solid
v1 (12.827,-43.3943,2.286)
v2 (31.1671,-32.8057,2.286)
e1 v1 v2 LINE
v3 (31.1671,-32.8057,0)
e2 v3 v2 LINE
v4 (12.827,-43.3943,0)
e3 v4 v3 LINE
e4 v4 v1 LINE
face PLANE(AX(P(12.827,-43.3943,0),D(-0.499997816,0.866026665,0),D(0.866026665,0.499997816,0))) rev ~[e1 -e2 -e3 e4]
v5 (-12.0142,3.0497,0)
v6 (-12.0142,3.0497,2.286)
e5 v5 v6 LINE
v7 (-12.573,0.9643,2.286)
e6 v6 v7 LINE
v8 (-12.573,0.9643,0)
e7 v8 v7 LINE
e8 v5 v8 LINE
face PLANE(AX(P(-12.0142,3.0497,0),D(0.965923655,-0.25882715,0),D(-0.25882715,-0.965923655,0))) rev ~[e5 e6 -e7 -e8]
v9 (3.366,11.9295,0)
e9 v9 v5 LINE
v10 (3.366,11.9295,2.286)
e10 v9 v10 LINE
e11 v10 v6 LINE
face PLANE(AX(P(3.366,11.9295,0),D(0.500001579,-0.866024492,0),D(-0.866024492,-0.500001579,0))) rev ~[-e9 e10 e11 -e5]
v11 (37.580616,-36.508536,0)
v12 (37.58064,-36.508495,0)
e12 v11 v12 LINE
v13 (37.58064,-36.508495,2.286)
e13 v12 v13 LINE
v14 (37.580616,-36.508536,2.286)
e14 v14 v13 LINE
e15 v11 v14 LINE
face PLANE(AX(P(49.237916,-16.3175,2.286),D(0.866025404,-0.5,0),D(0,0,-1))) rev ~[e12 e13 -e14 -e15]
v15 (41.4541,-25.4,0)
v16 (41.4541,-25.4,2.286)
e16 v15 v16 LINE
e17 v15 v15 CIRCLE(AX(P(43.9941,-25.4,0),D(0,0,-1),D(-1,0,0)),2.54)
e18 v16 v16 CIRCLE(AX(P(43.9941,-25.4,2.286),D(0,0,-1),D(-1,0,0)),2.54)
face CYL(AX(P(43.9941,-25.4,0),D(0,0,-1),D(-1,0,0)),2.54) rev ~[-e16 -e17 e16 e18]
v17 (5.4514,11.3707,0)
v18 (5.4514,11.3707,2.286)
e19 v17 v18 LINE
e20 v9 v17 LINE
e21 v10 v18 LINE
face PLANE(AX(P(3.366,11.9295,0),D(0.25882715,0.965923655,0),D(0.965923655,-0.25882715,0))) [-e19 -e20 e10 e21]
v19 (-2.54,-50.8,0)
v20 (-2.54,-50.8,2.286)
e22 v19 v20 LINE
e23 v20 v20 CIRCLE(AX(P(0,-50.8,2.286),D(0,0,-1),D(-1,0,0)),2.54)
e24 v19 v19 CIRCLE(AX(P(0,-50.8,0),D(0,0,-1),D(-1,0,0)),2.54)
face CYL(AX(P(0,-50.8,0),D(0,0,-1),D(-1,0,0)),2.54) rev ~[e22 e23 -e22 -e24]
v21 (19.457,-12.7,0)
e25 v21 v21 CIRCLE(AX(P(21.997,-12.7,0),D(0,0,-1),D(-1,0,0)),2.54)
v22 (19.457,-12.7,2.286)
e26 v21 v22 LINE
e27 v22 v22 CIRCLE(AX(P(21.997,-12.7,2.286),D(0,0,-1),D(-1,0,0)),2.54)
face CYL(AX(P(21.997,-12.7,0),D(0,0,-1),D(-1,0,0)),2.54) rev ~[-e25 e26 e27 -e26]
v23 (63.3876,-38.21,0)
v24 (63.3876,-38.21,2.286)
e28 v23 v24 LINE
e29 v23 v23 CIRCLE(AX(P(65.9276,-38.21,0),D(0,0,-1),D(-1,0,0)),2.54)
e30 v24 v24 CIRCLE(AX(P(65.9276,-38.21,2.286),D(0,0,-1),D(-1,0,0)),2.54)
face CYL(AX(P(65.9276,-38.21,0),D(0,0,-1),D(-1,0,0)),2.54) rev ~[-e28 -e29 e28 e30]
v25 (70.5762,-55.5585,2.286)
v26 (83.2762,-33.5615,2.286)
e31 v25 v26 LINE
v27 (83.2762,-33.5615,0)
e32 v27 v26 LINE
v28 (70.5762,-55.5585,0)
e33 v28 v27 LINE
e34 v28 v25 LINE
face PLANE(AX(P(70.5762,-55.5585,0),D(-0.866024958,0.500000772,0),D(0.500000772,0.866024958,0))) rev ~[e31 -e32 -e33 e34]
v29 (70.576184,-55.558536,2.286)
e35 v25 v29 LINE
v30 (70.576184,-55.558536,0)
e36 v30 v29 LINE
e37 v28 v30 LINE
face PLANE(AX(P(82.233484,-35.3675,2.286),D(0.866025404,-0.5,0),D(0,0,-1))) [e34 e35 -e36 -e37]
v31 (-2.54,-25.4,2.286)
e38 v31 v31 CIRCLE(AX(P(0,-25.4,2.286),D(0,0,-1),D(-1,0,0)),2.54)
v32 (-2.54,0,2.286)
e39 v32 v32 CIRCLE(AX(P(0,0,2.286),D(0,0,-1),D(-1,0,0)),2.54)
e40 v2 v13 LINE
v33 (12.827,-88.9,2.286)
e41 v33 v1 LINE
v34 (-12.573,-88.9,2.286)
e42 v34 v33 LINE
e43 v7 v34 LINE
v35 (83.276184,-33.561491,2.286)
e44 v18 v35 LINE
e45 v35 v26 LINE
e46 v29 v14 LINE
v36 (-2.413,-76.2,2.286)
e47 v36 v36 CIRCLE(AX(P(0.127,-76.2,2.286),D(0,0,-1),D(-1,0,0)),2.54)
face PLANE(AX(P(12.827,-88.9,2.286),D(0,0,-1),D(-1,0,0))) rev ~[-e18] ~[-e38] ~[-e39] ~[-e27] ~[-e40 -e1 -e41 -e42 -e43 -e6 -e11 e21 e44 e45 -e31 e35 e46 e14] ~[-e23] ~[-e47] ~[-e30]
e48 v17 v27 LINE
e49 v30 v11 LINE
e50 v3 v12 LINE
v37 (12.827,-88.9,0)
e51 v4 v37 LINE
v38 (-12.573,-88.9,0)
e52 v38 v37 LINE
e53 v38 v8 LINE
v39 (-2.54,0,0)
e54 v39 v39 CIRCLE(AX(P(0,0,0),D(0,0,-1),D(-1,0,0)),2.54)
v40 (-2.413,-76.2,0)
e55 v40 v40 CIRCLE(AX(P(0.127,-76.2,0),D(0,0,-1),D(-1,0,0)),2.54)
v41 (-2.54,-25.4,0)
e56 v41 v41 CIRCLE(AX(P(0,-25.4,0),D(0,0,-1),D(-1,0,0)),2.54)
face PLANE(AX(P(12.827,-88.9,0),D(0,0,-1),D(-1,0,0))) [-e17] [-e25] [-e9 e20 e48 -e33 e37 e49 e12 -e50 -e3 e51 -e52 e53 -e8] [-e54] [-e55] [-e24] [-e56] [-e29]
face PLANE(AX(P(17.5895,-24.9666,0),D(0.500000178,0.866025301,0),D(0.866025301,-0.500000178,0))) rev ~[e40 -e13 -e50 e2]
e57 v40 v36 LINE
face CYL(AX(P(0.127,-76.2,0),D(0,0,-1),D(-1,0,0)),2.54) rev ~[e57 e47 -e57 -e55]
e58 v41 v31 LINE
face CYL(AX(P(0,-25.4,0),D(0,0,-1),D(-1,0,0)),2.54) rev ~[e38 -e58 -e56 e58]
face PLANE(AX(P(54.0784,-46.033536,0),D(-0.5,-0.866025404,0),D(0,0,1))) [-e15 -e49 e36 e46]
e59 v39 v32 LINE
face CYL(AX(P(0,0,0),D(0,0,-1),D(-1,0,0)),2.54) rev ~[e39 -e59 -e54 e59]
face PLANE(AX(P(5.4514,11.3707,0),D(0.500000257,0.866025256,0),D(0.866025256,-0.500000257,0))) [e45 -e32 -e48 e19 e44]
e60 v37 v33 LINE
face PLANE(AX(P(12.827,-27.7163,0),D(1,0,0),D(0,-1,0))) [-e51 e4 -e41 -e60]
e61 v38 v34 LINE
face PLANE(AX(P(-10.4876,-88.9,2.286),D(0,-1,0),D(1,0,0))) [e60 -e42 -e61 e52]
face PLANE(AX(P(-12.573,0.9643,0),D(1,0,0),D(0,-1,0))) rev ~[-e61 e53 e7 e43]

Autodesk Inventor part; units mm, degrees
ref_plane "YZ Plane" through (0, 0, 0) normal (1, 0, 0) x (0, 1, 0)
ref_plane "XZ Plane" through (0, 0, 0) normal (0, 1, 0) x (-1, 0, 0)
ref_plane "XY Plane" through (0, 0, 0) normal (0, 0, 1) x (1, 0, 0)
sketch "Sketch3" plane through (-10.4876, -69.85, 2.286) normal (0, -1, 0) x (1, 0, 0)
  line L0 (0, 0) -> (22.7558, 0) projected
  line L1 (0, -2.286) -> (0, 0) projected
  line L2 (0, -2.286) -> (22.7558, -2.286) projected
  line L3 (22.7558, -2.286) -> (22.7558, 0) projected
  line L4 (22.7558, 0) -> (23.3146, 0) projected
  line L5 (22.7558, -2.286) -> (22.7558, 0) projected
  line L6 (22.7558, -2.286) -> (23.3146, -2.286) projected
  line L7 (23.3146, -2.286) -> (23.3146, 0) projected
  line L8 (0, 0) -> (-2.0854, 0) projected
  line L9 (-2.0854, -2.286) -> (-2.0854, 0) projected
  line L10 (0, -2.286) -> (-2.0854, -2.286) projected
  line L11 (0, -2.286) -> (0, 0) projected
  point P0 (10.4876, -2.286)
extrude "Extrusion3" add sketch "Sketch3" along normal mid plane 38.1
sketch "Sketch4" plane through (65.7357, -25.8425, 2.286) normal (0.866, -0.5, 0) x (0, 0, -1)
  line L0 (2.286, 0) -> (0, 0) projected
  line L1 (0, -22.7558) -> (0, 0) projected
  line L2 (2.286, -22.7558) -> (0, -22.7558) projected
  line L3 (2.286, -22.7558) -> (2.286, 0) projected
  line L4 (0, 0) -> (0, 2.0854) projected
  line L5 (2.286, 0) -> (0, 0) projected
  line L6 (2.286, 0) -> (2.286, 2.0854) projected
  line L7 (2.286, 2.0854) -> (0, 2.0854) projected
  line L8 (0, -23.3146) -> (0, -22.7558) projected
  line L9 (2.286, -23.3146) -> (0, -23.3146) projected
  line L10 (2.286, -23.3146) -> (2.286, -22.7558) projected
  line L11 (2.286, -22.7558) -> (0, -22.7558) projected
  point P0 (2.286, -10.4876)
extrude "Extrusion4" add sketch "Sketch4" along normal mid plane 38.1
sketch "Sketch5" plane through (12.827, -88.9, 0) normal (0, 0, -1) x (-1, 0, 0)
  arc A0 (-30.132, 61.7072) -> (-32.2021, 65.2928) centre (-31.1671, 63.5) ccw projected
  line L0 (-32.2021, 65.2928) -> (-30.132, 61.7072) projected
  line L1 (7.3756, 100.2707) -> (-70.4492, 55.3385) projected
  line L2 (-57.7492, 33.3415) -> (-70.4492, 55.3385) projected
  line L3 (-4.7625, 63.9334) -> (-57.7492, 33.3415) projected
  arc A1 (0, 61.1837) -> (-4.7625, 63.9334) centre (-3.175, 61.1837) ccw projected
  line L4 (0, 61.1837) -> (0, 0) projected
  line L5 (25.4, 0) -> (0, 0) projected
  line L6 (25.4, 89.8643) -> (25.4, 0) projected
  line L7 (24.8412, 91.9497) -> (25.4, 89.8643) projected
  line L8 (9.461, 100.8295) -> (24.8412, 91.9497) projected
  line L9 (9.461, 100.8295) -> (7.3756, 100.2707) projected
  arc A2 (14.8971, 38.1) -> (10.7569, 38.1) centre (12.827, 38.1) ccw projected
  line L10 (10.7569, 38.1) -> (14.8971, 38.1) projected
  circle A3 centre (-9.17, 76.2) radius 2.0701 projected
  circle A4 centre (12.827, 88.9) radius 2.0701 projected
  circle A5 centre (12.827, 63.5) radius 2.0701 projected
extrude "Extrusion5" add sketch "Sketch5" against normal blind 2.286
sketch "Sketch6" plane through (12.827, -88.9, 0) normal (0, 0, -1) x (-1, 0, 0)
  arc A0 (-30.132, 61.7072) -> (-32.2021, 65.2928) centre (-31.1671, 63.5) ccw projected
  line L0 (-57.7492, 33.3415) -> (-70.4492, 55.3385) projected
  line L1 (-4.7625, 63.9334) -> (-57.7492, 33.3415) projected
  line L2 (25.4, 89.8643) -> (25.4, 0) projected
  arc A1 (14.8971, 38.1) -> (10.7569, 38.1) centre (12.827, 38.1) ccw projected
  circle A2 centre (-9.17, 76.2) radius 2.0701 projected
  circle A3 centre (12.827, 88.9) radius 2.0701 projected
  circle A4 centre (12.827, 63.5) radius 2.0701 projected
  circle A5 centre (12.827, 88.9) radius 2.54
  circle A6 centre (-9.17, 76.2) radius 2.54
  circle A7 centre (12.827, 63.5) radius 2.54
  circle A8 centre (12.827, 38.1) radius 2.54
  circle A9 centre (-31.1671, 63.5) radius 2.54
  circle A10 centre (-53.1006, 50.69) radius 2.54
  circle A11 centre (12.7, 12.7) radius 2.54
  dimension "d20" = 5.08
  dimension "d21" = 5.08
  dimension "d22" = 5.08
  dimension "d23" = 5.08
  dimension "d24" = 5.08
  dimension "d25" = 5.08
  dimension "d26" = 5.08
  dimension "d27" = 12.7
  dimension "d28" = 25.4
  dimension "d29" = 12.7
  dimension "d30" = 12.7
extrude "Extrusion6" cut sketch "Sketch6" against normal blind 2.286 contours A2 | A3 | A4 | A5 | A6 | A7 | A8 | A9 | A10 | A11
sketch "Sketch7" plane through (12.827, -88.9, 0) normal (0, 0, -1) x (-1, 0, 0)
  circle A0 centre (12.827, 38.1) radius 2.54 projected
  circle A1 centre (-31.1671, 63.5) radius 2.54 projected
  line L0 (-4.7625, 63.9334) -> (-57.7492, 33.3415) projected
  arc A2 (0, 61.1837) -> (-4.7625, 63.9334) centre (-3.175, 61.1837) ccw projected
  line L1 (0, 61.1837) -> (0, 0) projected
  line L2 (-31.1671, 63.5) -> (12.827, 38.1) construction
  line L3 (-18.3401, 56.0943) -> (0, 66.683)
  line L4 (0, 66.683) -> (0, 45.5057)
  line L5 (0, 61.1837) -> (0, 0) projected
  line L6 (0, 45.5057) -> (-18.3401, 56.0943)
extrude "Extrusion7" add sketch "Sketch7" against normal blind 2.286 contours A2 L1 L6 L0
properties part number "Versaframe 60deg gusset" material "Aluminum 6061"
